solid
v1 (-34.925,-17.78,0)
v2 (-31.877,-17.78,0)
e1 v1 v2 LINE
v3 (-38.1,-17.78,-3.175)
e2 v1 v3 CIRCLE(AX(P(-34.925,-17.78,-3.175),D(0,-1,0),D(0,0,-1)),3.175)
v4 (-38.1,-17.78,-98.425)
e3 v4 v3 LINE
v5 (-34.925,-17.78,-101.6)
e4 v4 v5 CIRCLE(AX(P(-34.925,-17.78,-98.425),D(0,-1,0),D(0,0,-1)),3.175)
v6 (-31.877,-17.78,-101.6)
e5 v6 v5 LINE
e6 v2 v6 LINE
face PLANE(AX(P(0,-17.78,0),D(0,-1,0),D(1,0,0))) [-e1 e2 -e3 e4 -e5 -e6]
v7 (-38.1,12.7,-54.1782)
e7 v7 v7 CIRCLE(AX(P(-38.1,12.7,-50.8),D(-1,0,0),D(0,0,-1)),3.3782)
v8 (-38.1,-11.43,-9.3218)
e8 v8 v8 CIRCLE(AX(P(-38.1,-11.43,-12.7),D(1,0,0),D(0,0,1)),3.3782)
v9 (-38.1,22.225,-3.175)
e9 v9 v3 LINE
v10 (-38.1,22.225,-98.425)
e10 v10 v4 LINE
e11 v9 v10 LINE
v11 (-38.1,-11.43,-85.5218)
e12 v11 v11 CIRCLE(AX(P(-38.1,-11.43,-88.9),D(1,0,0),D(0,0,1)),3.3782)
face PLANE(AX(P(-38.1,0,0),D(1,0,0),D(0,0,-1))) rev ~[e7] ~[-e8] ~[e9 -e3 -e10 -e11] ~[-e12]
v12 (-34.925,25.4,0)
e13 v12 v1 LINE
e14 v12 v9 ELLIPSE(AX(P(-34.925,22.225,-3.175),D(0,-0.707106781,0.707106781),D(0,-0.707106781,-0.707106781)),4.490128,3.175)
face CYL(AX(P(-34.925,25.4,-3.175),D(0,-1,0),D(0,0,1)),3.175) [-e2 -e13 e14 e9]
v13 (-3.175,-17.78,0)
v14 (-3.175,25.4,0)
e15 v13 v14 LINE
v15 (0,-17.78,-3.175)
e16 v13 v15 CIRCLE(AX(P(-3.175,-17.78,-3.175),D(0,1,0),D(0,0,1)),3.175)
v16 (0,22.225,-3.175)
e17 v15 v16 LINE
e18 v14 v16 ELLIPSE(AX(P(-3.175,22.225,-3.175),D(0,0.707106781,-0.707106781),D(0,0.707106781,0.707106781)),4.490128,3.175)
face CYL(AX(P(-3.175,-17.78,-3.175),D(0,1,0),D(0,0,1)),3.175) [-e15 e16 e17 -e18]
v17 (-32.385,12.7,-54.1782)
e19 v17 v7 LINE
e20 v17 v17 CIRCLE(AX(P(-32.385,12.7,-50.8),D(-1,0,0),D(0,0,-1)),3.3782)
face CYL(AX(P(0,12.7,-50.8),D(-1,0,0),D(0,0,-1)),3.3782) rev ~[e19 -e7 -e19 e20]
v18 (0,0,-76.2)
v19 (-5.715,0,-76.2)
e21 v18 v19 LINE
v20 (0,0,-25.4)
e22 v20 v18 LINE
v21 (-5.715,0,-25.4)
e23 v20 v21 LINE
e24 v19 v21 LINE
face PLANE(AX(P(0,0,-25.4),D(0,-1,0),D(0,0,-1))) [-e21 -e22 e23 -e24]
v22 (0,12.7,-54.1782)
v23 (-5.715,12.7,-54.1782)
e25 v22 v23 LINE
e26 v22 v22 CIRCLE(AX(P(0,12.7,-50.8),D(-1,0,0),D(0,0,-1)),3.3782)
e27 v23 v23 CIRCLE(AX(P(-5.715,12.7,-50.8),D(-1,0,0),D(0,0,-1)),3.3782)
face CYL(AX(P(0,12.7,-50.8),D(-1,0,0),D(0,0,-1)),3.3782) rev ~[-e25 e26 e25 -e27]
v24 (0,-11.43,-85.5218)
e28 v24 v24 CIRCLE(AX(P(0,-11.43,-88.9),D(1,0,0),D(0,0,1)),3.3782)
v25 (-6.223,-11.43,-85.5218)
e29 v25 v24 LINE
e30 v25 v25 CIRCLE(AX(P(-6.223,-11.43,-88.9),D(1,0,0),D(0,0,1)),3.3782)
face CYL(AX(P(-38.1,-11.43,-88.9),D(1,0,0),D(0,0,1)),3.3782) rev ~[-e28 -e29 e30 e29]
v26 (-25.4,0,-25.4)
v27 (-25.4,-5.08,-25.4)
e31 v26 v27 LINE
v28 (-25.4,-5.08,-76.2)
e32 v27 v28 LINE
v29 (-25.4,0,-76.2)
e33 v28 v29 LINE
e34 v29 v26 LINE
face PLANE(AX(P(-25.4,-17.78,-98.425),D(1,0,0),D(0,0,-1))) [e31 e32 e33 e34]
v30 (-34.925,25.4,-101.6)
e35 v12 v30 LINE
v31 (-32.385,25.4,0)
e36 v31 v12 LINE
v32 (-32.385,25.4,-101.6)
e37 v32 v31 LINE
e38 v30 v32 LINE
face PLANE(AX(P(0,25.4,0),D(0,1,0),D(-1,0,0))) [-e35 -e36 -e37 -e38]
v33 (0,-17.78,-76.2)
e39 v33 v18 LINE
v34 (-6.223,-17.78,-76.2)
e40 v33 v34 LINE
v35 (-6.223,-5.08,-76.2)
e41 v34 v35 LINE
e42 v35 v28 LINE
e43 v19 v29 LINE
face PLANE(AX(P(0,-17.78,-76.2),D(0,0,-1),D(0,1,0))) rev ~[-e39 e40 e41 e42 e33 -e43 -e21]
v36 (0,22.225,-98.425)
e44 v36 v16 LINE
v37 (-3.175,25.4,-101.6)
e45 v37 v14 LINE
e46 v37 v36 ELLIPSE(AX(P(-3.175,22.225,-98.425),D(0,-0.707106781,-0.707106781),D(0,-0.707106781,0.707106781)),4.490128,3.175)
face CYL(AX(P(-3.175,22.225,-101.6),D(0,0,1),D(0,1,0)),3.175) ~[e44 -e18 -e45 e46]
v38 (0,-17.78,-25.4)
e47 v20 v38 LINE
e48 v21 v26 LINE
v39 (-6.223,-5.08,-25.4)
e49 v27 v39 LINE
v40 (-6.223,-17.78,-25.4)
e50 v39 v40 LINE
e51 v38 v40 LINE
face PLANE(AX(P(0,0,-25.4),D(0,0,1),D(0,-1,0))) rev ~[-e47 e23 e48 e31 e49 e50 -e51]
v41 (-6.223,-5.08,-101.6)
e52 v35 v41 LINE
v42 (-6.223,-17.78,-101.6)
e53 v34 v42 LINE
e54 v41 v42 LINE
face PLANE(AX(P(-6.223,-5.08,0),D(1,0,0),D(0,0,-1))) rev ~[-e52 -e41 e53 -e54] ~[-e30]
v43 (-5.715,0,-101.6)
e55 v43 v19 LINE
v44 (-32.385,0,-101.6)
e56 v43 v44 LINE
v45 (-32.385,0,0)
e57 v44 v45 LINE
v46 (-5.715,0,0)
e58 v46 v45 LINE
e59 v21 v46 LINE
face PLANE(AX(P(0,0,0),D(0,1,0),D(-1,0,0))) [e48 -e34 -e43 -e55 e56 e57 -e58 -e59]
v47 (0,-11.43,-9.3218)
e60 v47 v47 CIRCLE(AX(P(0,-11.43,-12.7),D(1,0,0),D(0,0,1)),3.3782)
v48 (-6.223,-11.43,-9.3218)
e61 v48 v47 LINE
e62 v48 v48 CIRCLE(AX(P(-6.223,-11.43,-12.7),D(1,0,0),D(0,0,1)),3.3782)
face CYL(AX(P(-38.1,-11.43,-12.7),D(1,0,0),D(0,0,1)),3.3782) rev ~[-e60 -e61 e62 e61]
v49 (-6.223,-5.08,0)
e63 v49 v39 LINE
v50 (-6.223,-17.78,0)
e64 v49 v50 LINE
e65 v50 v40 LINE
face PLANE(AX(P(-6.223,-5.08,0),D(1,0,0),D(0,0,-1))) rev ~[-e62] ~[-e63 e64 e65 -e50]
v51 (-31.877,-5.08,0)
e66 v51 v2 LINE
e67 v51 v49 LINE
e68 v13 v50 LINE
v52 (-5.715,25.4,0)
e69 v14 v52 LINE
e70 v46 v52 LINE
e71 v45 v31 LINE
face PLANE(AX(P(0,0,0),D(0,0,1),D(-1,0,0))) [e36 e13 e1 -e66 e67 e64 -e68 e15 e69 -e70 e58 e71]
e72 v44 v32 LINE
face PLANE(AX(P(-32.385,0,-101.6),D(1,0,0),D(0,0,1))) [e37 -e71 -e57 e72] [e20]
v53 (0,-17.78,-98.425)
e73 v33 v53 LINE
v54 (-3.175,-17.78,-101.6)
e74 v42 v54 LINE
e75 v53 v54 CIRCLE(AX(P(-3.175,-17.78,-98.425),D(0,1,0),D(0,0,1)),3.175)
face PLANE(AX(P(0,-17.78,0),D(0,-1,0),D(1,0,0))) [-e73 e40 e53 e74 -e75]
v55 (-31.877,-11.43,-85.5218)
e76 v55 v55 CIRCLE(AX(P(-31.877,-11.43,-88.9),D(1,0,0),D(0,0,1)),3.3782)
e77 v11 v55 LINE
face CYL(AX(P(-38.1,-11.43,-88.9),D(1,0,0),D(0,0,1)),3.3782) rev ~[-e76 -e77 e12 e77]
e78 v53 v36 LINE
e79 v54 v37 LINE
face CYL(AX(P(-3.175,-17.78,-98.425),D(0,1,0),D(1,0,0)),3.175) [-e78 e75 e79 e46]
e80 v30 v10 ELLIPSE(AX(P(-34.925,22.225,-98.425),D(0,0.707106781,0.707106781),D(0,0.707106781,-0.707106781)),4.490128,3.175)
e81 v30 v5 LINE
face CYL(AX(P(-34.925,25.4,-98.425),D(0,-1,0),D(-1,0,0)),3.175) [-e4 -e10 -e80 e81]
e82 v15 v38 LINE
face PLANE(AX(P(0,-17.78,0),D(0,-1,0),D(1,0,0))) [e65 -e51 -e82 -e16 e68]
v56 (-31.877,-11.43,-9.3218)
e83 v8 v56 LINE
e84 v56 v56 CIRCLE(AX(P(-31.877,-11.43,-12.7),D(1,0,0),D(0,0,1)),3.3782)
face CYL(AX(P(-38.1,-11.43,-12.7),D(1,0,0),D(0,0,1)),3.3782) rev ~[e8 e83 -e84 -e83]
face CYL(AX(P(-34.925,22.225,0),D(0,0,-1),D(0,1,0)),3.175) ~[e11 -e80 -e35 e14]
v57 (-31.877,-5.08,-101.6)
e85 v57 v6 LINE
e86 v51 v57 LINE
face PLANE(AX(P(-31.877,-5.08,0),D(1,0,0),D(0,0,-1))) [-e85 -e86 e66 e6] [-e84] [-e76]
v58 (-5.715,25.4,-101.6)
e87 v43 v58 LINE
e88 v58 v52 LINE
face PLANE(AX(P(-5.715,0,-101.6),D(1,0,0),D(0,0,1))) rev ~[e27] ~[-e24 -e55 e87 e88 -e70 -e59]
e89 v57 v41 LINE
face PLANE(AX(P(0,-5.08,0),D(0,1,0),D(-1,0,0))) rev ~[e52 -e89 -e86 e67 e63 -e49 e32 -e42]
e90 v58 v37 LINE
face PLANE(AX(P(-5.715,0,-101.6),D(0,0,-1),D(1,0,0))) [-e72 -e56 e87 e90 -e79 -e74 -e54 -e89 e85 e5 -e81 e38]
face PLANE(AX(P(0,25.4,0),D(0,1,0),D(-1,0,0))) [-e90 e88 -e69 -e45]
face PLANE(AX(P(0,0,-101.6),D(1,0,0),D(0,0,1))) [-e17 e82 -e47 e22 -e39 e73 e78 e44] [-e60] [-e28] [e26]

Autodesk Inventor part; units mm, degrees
ref_plane "YZ Plane" through (0, 0, 0) normal (1, 0, 0) x (0, 1, 0)
ref_plane "XZ Plane" through (0, 0, 0) normal (0, 1, 0) x (-1, 0, 0)
ref_plane "XY Plane" through (0, 0, 0) normal (0, 0, 1) x (1, 0, 0)
sketch "Sketch1" plane through (0, 0, 0) normal (0, 1, 0) x (-1, 0, 0)
  line L0 (0, 0) -> (38.1, 0)
  line L1 (38.1, 0) -> (38.1, -101.6)
  line L2 (38.1, -101.6) -> (0, -101.6)
  line L3 (0, -101.6) -> (0, 0)
  line L4 (38.1, -101.6) -> (32.385, -101.6)
  line L5 (32.385, -101.6) -> (32.385, 0)
  line L6 (32.385, 0) -> (38.1, 0)
  line L7 (38.1, 0) -> (38.1, -101.6)
  line L8 (0, -101.6) -> (5.715, -101.6)
  line L9 (5.715, -101.6) -> (5.715, 0)
  line L10 (5.715, 0) -> (0, 0)
  line L11 (0, 0) -> (0, -101.6)
  dimension "d0" = 38.1
  dimension "d1" = 101.6
  dimension "d2" = 5.715
  dimension "d3" = 5.715
extrude "Extrusion1" add sketch "Sketch1" along normal blind 25.4 contours L0 L9 L2 L3 | L0 L1 L2 L5
extrude "Extrusion2" add sketch "Sketch1" against normal blind 5.08
sketch "Sketch2" plane through (0, 25.4, 0) normal (1, 0, 0) x (0, 0, -1)
  line L0 (101.6, 0) -> (0, 0) projected
  line L1 (50.8, 0) -> (50.8, -12.7)
  point P0 (0, -25.4)
  dimension "d8" = 12.7
hole "Hole1" at (0, 12.7, -50.8) direction (-1, 0, 0) diameter 6.7564 end through all clearance for "Socket Head Cap Screw" size "1/4" standard "Ansi Unified Screw Threads"
sketch "Sketch3" plane through (0, -5.08, 0) normal (0, -1, 0) x (1, 0, 0)
  line L0 (0, 0) -> (0, -101.6) projected
  line L1 (0, 0) -> (-6.223, 0)
  line L2 (-6.223, 0) -> (-6.223, -101.6)
  line L3 (-6.223, -101.6) -> (0, -101.6)
  line L4 (0, -101.6) -> (0, 0)
  line L5 (-38.1, -101.6) -> (-38.1, 0) projected
  line L6 (-38.1, 0) -> (-31.877, 0)
  line L7 (-31.877, 0) -> (-31.877, -101.6)
  line L8 (-31.877, -101.6) -> (-38.1, -101.6)
  line L9 (-38.1, -101.6) -> (-38.1, 0)
  dimension "d16" = 6.223
  dimension "d17" = 101.6
  dimension "d18" = 6.223
extrude "Extrusion3" add sketch "Sketch3" along normal blind 12.7
sketch "Sketch4" plane through (-38.1, 25.4, -101.6) normal (-1, 0, 0) x (0, 0, 1)
  line L0 (101.6, -43.18) -> (101.6, 0) projected
  line L1 (101.6, -43.18) -> (88.9, -43.18)
  line L2 (88.9, -43.18) -> (88.9, -36.83)
  line L3 (88.9, -36.83) -> (101.6, -36.83)
  line L4 (101.6, -36.83) -> (101.6, -43.18)
  line L5 (0, -43.18) -> (0, 0) projected
  line L6 (0, -43.18) -> (12.7, -43.18)
  line L7 (12.7, -43.18) -> (12.7, -36.83)
  line L8 (12.7, -36.83) -> (0, -36.83)
  line L9 (0, -36.83) -> (0, -43.18)
  point P0 (101.6, -25.4)
  dimension "d21" = 12.7
  dimension "d22" = 6.35
  dimension "d23" = 12.7
hole "Hole2" at (-38.1, -11.43, -12.7) at (-38.1, -11.43, -88.9) direction (1, 0, 0) diameter 6.7564 end through all clearance for "Socket Head Cap Screw" size "1/4" standard "Ansi Unified Screw Threads"
fillet "Fillet1" radius 3.175 6 edges at (-38.1, 3.81, 0) (-38.1, 25.4, -50.8) (0, 3.81, 0) (0, 25.4, -50.8) (0, 3.81, -101.6) (-38.1, 3.81, -101.6)
sketch "Sketch5" plane through (0, -17.78, -98.425) normal (1, 0, 0) x (0, 0, -1)
  line L0 (-95.25, 0) -> (0, 0) projected
  line L1 (-47.625, 0) -> (-47.625, 17.78)
  line L2 (-47.625, 17.78) -> (-47.625, 8.89)
  line L3 (-98.425, 17.78) -> (3.175, 17.78) projected
  line L4 (-73.025, 0) -> (-22.225, 0)
  line L5 (-22.225, 0) -> (-22.225, 17.78)
  line L6 (-22.225, 17.78) -> (-73.025, 17.78)
  line L7 (-73.025, 17.78) -> (-73.025, 0)
  line L8 (-73.025, 0) -> (-22.225, 17.78) construction
  line L9 (-22.225, 0) -> (-73.025, 17.78) construction
  dimension "d32" = 50.8
extrude "Extrusion4" cut sketch "Sketch5" against normal blind 25.4
properties part number "Rail Clip"
